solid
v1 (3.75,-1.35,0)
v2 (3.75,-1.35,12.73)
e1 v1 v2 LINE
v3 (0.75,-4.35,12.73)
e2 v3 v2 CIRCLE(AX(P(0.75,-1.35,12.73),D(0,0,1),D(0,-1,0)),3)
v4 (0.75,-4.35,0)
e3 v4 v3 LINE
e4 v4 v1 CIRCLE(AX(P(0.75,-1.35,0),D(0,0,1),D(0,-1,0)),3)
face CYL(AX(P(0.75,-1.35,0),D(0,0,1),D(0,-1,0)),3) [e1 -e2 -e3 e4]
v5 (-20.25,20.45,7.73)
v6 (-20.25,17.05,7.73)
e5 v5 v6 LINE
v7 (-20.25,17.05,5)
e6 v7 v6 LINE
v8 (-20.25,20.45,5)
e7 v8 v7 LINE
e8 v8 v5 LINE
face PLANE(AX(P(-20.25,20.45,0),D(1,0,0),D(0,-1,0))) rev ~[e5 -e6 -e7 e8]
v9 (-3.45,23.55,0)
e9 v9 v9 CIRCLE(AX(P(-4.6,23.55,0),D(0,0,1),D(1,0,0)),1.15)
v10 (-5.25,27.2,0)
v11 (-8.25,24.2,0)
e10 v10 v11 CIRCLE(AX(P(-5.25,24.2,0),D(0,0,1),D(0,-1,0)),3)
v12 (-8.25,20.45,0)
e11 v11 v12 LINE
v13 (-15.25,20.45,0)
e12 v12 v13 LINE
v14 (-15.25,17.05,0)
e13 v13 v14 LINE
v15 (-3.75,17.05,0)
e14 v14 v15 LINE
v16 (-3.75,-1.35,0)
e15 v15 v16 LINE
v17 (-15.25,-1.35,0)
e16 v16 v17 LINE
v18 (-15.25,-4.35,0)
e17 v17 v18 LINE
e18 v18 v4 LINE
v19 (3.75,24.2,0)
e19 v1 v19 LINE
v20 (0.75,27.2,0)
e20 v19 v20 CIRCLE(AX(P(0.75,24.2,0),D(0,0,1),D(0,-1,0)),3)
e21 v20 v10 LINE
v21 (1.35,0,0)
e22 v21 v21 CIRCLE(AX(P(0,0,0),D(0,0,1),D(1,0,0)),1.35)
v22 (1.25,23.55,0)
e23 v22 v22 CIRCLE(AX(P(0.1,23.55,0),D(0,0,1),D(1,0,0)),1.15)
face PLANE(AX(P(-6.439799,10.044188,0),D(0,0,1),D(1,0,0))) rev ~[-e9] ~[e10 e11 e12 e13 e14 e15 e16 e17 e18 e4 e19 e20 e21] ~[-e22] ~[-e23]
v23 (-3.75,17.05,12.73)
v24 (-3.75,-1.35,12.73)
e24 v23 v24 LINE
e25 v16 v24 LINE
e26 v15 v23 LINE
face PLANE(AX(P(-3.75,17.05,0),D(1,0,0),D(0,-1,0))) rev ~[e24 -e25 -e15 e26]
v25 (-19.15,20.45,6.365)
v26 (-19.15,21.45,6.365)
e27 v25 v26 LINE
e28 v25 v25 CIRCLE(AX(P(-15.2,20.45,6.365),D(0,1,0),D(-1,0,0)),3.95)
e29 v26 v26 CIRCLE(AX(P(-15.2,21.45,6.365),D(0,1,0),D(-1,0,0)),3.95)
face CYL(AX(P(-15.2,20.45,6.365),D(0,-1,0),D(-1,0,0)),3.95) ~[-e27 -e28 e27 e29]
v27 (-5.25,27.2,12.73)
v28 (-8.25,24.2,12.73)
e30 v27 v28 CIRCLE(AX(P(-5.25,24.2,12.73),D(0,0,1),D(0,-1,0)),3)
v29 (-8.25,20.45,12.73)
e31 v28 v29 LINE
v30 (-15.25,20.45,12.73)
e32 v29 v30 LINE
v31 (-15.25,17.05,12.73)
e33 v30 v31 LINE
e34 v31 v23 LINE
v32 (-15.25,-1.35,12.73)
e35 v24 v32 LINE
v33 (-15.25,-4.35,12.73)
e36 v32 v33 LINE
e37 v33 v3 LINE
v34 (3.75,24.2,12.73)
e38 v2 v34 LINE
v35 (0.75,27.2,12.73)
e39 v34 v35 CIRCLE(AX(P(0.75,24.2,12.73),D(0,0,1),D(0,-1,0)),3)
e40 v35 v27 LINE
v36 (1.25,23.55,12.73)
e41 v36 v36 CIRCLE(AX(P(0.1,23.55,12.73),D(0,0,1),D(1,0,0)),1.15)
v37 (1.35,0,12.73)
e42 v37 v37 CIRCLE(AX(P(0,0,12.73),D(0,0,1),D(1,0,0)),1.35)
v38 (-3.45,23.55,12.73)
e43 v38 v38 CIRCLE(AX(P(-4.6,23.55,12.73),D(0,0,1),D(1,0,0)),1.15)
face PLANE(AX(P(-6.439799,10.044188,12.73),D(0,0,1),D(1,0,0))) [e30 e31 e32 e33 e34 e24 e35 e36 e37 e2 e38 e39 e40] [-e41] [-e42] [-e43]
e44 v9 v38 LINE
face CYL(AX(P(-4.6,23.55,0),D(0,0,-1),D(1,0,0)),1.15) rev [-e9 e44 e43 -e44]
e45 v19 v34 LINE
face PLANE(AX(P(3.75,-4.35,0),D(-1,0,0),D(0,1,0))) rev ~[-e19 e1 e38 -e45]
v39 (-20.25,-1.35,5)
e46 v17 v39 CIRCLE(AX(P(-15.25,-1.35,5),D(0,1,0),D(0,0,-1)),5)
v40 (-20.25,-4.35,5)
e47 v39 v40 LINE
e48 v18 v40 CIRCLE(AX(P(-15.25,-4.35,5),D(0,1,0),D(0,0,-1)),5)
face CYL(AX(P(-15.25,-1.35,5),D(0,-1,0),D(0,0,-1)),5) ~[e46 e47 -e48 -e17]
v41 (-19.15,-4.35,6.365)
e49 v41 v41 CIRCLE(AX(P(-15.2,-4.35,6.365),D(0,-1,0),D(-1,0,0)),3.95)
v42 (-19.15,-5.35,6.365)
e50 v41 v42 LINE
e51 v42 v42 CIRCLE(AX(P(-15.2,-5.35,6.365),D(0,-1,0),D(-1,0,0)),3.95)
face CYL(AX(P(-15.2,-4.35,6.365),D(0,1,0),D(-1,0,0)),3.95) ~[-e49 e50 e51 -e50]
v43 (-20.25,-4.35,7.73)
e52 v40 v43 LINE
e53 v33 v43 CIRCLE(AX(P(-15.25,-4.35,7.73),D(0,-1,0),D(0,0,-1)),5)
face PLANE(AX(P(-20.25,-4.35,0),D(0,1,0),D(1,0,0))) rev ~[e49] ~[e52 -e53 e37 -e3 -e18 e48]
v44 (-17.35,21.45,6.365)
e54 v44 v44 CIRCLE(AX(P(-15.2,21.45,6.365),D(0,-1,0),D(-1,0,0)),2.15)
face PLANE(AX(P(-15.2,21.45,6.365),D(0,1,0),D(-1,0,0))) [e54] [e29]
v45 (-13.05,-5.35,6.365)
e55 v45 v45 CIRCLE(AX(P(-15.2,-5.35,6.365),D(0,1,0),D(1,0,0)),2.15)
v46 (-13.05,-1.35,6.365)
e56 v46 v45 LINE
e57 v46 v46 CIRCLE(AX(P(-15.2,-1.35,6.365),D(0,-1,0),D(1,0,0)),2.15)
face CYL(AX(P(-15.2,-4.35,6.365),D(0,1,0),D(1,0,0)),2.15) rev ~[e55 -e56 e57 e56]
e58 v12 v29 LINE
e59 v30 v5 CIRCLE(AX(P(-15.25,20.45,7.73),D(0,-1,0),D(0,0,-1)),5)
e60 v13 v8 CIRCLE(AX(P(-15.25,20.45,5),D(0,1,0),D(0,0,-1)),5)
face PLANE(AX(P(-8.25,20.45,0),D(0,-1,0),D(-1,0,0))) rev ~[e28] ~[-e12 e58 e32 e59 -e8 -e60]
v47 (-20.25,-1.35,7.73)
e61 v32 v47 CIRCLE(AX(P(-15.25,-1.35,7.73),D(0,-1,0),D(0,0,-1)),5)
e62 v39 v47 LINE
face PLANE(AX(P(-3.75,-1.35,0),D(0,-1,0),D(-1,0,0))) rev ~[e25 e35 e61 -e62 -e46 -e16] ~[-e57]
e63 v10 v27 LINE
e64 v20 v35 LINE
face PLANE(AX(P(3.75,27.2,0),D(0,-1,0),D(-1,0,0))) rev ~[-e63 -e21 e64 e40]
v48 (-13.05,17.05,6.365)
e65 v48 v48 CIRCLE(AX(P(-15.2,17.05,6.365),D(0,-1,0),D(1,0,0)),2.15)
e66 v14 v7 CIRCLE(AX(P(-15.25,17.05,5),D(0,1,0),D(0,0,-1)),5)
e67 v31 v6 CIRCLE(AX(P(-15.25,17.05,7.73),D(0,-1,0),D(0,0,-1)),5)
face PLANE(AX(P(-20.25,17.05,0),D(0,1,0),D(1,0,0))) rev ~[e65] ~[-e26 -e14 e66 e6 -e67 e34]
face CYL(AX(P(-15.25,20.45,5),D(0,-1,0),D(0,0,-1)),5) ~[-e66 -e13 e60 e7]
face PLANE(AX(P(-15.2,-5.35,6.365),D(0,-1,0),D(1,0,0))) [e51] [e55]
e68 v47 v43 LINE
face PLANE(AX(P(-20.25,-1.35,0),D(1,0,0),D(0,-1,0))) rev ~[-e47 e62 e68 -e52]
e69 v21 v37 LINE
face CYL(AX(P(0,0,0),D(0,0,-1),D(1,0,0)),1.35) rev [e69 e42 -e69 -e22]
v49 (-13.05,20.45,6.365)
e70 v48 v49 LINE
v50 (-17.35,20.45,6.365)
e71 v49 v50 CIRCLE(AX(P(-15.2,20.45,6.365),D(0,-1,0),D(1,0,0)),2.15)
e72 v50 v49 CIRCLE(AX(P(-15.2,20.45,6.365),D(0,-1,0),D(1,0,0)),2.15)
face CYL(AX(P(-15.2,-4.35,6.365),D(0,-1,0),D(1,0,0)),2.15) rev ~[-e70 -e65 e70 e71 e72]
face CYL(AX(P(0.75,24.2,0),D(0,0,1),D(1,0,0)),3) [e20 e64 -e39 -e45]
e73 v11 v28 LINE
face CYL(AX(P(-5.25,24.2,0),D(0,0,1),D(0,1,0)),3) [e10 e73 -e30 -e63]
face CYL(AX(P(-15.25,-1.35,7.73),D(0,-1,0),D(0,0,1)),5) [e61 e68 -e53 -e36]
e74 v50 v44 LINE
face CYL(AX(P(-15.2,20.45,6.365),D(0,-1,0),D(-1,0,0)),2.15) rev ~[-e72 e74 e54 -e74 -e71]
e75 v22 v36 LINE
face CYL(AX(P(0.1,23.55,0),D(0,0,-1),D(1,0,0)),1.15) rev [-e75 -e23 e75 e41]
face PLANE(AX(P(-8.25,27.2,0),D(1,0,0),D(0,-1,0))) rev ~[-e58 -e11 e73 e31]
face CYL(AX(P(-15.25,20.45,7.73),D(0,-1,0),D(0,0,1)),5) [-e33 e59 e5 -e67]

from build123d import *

# Parameters (mm, degrees)
F0_R     = 1.35
F0_R_2   = 1.15
F1_DEPTH = 12.73
F3_DEPTH = 25
F4_R     = 5
F5_R     = 3
F6_R     = 3
F7_DEPTH = 1
F8_R     = 3.95
F9_DEPTH = 1


with BuildPart() as f1:
    # F0 (on Top) → F1 (new body)
    with BuildSketch(Plane.XY):
        Polygon((3.75, -4.35), (3.75, 0), (3.75, 27.2), (-8.25, 27.2), (-8.25, 20.45), (-20.25, 20.45), (-20.25, 17.05), (-3.75, 17.05), (-3.75, -1.35), (-20.25, -1.35), (-20.25, -4.35), align=None)
        Circle(F0_R, mode=Mode.SUBTRACT)
        with Locations((-4.6, 23.55)):
            Circle(F0_R_2, mode=Mode.SUBTRACT)
        with Locations((0.1, 23.55)):
            Circle(F0_R_2, mode=Mode.SUBTRACT)
    extrude(amount=F1_DEPTH)

    # F2 (on face) → F3 (cut)
    with BuildSketch(Plane.XZ.offset(4.35)):
        with BuildLine():
            ThreePointArc((-17.35, 6.365), (-15.2, 4.215), (-13.05, 6.365))
            ThreePointArc((-13.05, 6.365), (-15.2, 8.515), (-17.35, 6.365))
        make_face()
    extrude(amount=-F3_DEPTH, mode=Mode.SUBTRACT)

    # F4
    f4_edges = [f1.edges().sort_by_distance(p)[0] for p in [
        (-20.25, -2.85, 12.73),
        (-20.25, 18.75, 12.73),
        (-20.25, -2.85, 0),
        (-20.25, 18.75, 0),
    ]]
    fillet(f4_edges, radius=F4_R)

    # F5
    f5_edges = [f1.edges().sort_by_distance(p)[0] for p in [
        (3.75, -4.35, 6.365),
    ]]
    fillet(f5_edges, radius=F5_R)

    # F6
    f6_edges = [f1.edges().sort_by_distance(p)[0] for p in [
        (-8.25, 27.2, 6.365),
        (3.75, 27.2, 6.365),
    ]]
    fillet(f6_edges, radius=F6_R)

    # F2 (on face) → F7 (join)
    with BuildSketch(Plane.XZ.offset(4.35)):
        with BuildLine():
            ThreePointArc((-11.25, 6.365), (-15.2, 10.315), (-19.15, 6.365))
            ThreePointArc((-19.15, 6.365), (-15.2, 2.415), (-11.25, 6.365))
        make_face()
        with BuildLine():
            ThreePointArc((-17.35, 6.365), (-15.2, 8.515), (-13.05, 6.365))
            ThreePointArc((-13.05, 6.365), (-15.2, 4.215), (-17.35, 6.365))
        make_face(mode=Mode.SUBTRACT)
    extrude(amount=F7_DEPTH)

    # F8 (on face) → F9 (join)
    with BuildSketch(Plane(origin=(0, 20.45, 0), x_dir=(-1, 0, 0), z_dir=(0, 1, 0))):
        with Locations((15.2, 6.365)):
            Circle(F8_R)
        with BuildLine():
            ThreePointArc((13.05, 6.365), (15.2, 8.515), (17.35, 6.365))
            ThreePointArc((17.35, 6.365), (15.2, 4.215), (13.05, 6.365))
        make_face(mode=Mode.SUBTRACT)
    extrude(amount=F9_DEPTH)


solid = f1.part
